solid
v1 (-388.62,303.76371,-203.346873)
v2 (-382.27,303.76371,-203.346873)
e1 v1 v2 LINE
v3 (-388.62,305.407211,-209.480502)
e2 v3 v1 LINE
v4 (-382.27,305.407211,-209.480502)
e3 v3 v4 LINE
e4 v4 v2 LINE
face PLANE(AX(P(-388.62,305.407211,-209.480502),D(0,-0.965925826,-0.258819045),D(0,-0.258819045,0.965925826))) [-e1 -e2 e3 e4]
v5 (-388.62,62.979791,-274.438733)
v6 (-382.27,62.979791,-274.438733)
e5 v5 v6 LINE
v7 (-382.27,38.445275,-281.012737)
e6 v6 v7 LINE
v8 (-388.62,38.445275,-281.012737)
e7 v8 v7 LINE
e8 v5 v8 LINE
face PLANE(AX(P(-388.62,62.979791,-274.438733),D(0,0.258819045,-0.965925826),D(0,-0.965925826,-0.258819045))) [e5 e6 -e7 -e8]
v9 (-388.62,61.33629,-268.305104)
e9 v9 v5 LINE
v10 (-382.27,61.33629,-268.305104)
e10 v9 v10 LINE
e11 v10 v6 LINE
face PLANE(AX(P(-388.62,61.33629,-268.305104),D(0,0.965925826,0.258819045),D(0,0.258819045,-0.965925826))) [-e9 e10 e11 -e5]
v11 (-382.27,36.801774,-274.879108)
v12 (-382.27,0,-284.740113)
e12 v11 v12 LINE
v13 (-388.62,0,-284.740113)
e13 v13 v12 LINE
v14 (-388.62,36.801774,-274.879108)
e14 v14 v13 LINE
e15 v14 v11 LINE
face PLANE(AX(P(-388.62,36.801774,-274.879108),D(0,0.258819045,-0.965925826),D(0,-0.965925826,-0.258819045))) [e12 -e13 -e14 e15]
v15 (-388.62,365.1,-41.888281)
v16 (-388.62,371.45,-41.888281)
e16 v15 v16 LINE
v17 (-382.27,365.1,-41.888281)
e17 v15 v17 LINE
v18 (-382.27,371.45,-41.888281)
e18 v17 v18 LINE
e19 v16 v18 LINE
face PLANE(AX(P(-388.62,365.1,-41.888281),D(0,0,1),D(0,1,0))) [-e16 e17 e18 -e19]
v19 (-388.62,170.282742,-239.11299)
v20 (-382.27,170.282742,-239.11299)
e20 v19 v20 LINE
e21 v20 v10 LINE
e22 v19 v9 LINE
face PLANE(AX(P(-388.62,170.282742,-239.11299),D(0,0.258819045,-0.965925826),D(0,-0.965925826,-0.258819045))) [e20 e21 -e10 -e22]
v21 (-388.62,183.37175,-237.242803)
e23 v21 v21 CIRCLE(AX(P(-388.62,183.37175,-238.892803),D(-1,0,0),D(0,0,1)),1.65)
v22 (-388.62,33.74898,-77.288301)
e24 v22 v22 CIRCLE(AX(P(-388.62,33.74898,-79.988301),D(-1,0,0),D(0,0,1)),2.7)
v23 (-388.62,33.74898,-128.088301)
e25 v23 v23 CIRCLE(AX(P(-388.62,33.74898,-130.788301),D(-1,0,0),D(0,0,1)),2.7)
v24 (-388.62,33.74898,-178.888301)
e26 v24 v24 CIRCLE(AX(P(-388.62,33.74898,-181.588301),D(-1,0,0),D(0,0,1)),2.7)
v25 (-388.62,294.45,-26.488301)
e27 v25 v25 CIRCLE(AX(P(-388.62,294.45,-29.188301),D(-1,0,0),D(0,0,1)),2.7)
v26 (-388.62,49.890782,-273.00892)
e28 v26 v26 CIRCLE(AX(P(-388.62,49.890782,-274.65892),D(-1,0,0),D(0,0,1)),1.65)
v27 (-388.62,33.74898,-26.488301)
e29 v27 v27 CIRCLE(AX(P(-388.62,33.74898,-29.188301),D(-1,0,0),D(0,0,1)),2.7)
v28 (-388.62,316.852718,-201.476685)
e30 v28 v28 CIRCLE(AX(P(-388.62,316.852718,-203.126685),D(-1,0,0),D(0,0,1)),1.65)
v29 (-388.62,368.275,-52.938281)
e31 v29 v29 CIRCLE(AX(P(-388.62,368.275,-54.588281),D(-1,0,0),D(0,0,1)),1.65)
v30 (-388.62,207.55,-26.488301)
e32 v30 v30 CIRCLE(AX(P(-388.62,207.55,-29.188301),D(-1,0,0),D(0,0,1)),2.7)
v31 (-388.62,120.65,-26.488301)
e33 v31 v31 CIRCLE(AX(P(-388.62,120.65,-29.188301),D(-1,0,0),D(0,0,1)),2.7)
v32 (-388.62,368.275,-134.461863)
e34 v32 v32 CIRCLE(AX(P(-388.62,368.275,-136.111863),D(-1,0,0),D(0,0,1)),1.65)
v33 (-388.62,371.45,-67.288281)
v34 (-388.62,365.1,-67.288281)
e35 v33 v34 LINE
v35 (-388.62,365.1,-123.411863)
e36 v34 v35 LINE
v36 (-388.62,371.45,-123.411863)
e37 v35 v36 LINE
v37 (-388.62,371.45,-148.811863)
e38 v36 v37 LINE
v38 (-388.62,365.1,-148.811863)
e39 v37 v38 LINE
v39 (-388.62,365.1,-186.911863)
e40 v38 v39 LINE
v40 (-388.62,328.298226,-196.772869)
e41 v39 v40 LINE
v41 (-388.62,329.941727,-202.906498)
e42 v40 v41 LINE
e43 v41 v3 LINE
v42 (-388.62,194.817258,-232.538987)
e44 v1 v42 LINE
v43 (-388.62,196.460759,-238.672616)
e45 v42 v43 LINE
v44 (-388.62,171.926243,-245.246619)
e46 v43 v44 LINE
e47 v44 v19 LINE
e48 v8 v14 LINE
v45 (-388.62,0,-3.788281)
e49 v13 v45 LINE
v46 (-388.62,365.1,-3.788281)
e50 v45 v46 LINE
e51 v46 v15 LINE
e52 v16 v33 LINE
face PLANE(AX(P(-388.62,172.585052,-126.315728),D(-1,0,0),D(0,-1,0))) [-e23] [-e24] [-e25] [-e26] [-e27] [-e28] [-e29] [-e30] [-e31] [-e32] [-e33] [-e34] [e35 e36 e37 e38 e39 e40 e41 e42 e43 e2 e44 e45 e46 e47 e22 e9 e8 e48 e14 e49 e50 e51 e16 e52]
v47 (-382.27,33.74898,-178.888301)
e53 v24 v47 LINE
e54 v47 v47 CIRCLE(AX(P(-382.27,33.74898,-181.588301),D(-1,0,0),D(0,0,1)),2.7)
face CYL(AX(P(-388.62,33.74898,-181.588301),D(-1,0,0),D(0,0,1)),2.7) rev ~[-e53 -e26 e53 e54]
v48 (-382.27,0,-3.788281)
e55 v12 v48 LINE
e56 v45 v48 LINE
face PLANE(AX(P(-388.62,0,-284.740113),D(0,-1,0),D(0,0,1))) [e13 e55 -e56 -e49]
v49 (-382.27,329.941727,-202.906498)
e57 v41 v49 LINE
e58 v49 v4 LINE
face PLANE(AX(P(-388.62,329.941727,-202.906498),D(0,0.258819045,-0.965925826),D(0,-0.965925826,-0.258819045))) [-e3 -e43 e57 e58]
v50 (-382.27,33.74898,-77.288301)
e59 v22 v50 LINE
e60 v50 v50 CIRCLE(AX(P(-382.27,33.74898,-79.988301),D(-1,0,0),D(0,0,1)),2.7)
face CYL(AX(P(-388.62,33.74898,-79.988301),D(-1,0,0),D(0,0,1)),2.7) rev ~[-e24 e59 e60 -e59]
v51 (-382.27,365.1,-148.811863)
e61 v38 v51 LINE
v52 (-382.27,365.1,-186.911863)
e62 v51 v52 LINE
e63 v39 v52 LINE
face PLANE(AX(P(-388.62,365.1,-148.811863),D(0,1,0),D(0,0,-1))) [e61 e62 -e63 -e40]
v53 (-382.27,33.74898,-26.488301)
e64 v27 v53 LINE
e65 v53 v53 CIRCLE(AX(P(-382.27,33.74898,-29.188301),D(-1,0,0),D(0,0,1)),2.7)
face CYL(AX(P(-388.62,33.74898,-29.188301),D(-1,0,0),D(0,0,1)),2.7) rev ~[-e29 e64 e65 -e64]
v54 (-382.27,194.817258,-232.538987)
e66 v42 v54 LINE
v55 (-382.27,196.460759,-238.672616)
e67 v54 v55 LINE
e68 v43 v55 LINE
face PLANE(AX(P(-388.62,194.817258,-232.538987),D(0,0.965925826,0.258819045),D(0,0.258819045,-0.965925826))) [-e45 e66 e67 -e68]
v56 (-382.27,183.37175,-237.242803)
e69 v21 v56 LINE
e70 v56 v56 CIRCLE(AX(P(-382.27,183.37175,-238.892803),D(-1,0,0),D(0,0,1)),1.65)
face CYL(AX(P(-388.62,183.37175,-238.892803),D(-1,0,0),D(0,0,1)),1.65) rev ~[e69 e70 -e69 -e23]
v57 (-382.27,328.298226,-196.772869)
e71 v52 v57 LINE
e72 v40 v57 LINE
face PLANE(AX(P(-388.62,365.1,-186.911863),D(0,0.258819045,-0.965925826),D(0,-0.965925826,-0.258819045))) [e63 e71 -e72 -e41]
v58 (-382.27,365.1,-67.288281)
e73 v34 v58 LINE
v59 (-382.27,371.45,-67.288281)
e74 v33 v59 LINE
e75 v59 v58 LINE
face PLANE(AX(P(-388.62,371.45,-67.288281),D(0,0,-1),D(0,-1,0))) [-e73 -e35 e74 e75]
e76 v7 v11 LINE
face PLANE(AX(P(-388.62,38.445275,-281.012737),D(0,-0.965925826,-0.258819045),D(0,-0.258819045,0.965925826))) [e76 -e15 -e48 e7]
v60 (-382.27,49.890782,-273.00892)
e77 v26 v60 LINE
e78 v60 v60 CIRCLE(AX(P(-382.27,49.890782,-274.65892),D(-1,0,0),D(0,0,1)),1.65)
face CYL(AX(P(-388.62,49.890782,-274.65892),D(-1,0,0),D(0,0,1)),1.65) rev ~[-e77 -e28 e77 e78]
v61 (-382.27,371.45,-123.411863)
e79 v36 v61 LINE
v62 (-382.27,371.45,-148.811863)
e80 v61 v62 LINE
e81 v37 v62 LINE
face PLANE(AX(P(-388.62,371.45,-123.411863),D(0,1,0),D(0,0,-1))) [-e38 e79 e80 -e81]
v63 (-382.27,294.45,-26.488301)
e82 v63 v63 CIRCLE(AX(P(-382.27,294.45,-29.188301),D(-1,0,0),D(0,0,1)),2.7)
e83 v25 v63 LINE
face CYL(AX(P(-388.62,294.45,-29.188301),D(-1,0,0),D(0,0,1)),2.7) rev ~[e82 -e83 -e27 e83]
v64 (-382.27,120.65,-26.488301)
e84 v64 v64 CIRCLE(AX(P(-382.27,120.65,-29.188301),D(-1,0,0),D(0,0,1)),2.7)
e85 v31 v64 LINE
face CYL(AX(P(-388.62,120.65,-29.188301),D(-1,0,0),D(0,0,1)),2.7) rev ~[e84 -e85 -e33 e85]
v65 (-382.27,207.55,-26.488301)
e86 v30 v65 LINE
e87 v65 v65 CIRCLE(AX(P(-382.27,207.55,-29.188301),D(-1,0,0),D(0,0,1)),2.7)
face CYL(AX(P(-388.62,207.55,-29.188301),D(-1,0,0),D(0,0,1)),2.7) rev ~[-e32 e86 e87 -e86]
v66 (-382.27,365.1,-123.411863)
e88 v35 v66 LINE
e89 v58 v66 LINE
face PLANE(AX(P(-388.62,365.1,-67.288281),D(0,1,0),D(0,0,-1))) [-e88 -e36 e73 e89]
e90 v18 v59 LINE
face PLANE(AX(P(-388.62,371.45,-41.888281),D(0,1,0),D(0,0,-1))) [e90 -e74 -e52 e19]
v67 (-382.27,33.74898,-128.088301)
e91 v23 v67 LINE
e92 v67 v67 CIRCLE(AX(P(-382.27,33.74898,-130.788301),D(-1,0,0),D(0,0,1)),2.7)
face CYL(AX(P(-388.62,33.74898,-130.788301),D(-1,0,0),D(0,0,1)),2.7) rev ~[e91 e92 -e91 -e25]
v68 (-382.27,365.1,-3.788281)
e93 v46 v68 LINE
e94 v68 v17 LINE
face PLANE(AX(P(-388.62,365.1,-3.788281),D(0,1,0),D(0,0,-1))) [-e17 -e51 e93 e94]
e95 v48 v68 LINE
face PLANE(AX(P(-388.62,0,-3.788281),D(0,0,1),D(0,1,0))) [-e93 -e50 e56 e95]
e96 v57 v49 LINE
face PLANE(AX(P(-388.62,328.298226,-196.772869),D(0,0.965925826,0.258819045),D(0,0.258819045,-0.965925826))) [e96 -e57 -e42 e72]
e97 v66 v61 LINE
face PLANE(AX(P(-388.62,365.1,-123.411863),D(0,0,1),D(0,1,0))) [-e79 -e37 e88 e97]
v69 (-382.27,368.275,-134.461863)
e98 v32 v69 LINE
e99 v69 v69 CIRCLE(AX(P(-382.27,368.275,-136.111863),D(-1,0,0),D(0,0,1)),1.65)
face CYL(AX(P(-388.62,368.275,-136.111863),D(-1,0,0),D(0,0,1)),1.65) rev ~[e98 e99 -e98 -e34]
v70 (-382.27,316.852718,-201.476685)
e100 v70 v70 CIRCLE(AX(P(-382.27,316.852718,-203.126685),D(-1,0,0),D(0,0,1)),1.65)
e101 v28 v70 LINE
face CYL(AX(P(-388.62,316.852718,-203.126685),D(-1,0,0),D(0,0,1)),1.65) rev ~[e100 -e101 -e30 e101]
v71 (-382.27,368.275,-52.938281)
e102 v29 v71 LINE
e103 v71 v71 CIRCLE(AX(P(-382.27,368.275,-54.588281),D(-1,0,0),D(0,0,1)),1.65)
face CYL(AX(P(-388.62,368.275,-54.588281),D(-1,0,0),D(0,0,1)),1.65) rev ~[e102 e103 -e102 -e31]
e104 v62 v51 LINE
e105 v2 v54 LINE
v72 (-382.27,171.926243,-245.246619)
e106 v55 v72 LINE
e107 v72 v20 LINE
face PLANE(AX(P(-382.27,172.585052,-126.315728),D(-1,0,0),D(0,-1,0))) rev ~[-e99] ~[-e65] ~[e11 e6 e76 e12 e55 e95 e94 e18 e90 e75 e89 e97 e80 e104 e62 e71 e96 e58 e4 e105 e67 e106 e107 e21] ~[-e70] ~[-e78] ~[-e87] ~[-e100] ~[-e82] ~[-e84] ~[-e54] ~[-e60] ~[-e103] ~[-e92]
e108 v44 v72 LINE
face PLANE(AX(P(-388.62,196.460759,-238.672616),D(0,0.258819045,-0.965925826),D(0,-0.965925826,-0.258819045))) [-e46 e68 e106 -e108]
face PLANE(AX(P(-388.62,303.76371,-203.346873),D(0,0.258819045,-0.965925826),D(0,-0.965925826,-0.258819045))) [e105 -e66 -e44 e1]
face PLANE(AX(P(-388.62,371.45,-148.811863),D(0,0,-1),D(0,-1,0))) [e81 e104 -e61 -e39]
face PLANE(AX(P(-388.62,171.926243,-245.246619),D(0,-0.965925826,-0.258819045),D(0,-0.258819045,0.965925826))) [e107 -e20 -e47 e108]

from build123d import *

# Parameters (mm, degrees)
SKETCH1_R           = 1.65
SKETCH1_R_2         = 2.7
BOSS_EXTRUDE1_DEPTH = 6.35


with BuildPart() as part:
    # Sketch1 → Boss-Extrude1 (new body)
    with BuildSketch(Plane(origin=(-388.62, 0, 0), x_dir=(0, -1, 0), z_dir=(-1, 0, 0))):
        Polygon((-371.45, -148.811863322), (-365.1, -148.811863322), (-365.1, -186.911863322), (-328.298226018, -196.772868941), (-329.941726955, -202.906497938), (-305.407210967, -209.480501683), (-303.763710031, -203.346872686), (-194.817257994, -232.538986528), (-196.46075893, -238.672615525), (-171.926242943, -245.24661927), (-170.282742006, -239.112990273), (-61.336289969, -268.305104115), (-62.979790906, -274.438733112), (-38.445274918, -281.012736857), (-36.801773982, -274.87910786), (0, -284.740113479), (0, -3.788281448), (-365.1, -3.788281448), (-365.1, -41.888281448), (-371.45, -41.888281448), (-371.45, -67.288281448), (-365.1, -67.288281448), (-365.1, -123.411863322), (-371.45, -123.411863322), align=None)
        with Locations(Location((-49.890782444, -274.658920486, 0), (0, 0, 90))):
            Circle(SKETCH1_R, mode=Mode.SUBTRACT)
        with Locations(Location((-368.275, -54.588281448, 0), (0, 0, 90))):
            Circle(SKETCH1_R, mode=Mode.SUBTRACT)
        with Locations(Location((-183.371750468, -238.892802899, 0), (0, 0, 90))):
            Circle(SKETCH1_R, mode=Mode.SUBTRACT)
        with Locations(Location((-368.275, -136.111863322, 0), (0, 0, 90))):
            Circle(SKETCH1_R, mode=Mode.SUBTRACT)
        with Locations(Location((-316.852718493, -203.126685312, 0), (0, 0, 90))):
            Circle(SKETCH1_R, mode=Mode.SUBTRACT)
        with Locations(Location((-294.45, -29.188301448, 0), (0, 0, 90))):
            Circle(SKETCH1_R_2, mode=Mode.SUBTRACT)
        with Locations(Location((-207.55, -29.188301448, 0), (0, 0, 90))):
            Circle(SKETCH1_R_2, mode=Mode.SUBTRACT)
        with Locations(Location((-120.65, -29.188301448, 0), (0, 0, 90))):
            Circle(SKETCH1_R_2, mode=Mode.SUBTRACT)
        with Locations(Location((-33.74898, -181.588301448, 0), (0, 0, 90))):
            Circle(SKETCH1_R_2, mode=Mode.SUBTRACT)
        with Locations(Location((-33.74898, -29.188301448, 0), (0, 0, 90))):
            Circle(SKETCH1_R_2, mode=Mode.SUBTRACT)
        with Locations(Location((-33.74898, -130.788301448, 0), (0, 0, 90))):
            Circle(SKETCH1_R_2, mode=Mode.SUBTRACT)
        with Locations(Location((-33.74898, -79.988301448, 0), (0, 0, 90))):
            Circle(SKETCH1_R_2, mode=Mode.SUBTRACT)
    extrude(amount=-BOSS_EXTRUDE1_DEPTH)


solid = part.part
